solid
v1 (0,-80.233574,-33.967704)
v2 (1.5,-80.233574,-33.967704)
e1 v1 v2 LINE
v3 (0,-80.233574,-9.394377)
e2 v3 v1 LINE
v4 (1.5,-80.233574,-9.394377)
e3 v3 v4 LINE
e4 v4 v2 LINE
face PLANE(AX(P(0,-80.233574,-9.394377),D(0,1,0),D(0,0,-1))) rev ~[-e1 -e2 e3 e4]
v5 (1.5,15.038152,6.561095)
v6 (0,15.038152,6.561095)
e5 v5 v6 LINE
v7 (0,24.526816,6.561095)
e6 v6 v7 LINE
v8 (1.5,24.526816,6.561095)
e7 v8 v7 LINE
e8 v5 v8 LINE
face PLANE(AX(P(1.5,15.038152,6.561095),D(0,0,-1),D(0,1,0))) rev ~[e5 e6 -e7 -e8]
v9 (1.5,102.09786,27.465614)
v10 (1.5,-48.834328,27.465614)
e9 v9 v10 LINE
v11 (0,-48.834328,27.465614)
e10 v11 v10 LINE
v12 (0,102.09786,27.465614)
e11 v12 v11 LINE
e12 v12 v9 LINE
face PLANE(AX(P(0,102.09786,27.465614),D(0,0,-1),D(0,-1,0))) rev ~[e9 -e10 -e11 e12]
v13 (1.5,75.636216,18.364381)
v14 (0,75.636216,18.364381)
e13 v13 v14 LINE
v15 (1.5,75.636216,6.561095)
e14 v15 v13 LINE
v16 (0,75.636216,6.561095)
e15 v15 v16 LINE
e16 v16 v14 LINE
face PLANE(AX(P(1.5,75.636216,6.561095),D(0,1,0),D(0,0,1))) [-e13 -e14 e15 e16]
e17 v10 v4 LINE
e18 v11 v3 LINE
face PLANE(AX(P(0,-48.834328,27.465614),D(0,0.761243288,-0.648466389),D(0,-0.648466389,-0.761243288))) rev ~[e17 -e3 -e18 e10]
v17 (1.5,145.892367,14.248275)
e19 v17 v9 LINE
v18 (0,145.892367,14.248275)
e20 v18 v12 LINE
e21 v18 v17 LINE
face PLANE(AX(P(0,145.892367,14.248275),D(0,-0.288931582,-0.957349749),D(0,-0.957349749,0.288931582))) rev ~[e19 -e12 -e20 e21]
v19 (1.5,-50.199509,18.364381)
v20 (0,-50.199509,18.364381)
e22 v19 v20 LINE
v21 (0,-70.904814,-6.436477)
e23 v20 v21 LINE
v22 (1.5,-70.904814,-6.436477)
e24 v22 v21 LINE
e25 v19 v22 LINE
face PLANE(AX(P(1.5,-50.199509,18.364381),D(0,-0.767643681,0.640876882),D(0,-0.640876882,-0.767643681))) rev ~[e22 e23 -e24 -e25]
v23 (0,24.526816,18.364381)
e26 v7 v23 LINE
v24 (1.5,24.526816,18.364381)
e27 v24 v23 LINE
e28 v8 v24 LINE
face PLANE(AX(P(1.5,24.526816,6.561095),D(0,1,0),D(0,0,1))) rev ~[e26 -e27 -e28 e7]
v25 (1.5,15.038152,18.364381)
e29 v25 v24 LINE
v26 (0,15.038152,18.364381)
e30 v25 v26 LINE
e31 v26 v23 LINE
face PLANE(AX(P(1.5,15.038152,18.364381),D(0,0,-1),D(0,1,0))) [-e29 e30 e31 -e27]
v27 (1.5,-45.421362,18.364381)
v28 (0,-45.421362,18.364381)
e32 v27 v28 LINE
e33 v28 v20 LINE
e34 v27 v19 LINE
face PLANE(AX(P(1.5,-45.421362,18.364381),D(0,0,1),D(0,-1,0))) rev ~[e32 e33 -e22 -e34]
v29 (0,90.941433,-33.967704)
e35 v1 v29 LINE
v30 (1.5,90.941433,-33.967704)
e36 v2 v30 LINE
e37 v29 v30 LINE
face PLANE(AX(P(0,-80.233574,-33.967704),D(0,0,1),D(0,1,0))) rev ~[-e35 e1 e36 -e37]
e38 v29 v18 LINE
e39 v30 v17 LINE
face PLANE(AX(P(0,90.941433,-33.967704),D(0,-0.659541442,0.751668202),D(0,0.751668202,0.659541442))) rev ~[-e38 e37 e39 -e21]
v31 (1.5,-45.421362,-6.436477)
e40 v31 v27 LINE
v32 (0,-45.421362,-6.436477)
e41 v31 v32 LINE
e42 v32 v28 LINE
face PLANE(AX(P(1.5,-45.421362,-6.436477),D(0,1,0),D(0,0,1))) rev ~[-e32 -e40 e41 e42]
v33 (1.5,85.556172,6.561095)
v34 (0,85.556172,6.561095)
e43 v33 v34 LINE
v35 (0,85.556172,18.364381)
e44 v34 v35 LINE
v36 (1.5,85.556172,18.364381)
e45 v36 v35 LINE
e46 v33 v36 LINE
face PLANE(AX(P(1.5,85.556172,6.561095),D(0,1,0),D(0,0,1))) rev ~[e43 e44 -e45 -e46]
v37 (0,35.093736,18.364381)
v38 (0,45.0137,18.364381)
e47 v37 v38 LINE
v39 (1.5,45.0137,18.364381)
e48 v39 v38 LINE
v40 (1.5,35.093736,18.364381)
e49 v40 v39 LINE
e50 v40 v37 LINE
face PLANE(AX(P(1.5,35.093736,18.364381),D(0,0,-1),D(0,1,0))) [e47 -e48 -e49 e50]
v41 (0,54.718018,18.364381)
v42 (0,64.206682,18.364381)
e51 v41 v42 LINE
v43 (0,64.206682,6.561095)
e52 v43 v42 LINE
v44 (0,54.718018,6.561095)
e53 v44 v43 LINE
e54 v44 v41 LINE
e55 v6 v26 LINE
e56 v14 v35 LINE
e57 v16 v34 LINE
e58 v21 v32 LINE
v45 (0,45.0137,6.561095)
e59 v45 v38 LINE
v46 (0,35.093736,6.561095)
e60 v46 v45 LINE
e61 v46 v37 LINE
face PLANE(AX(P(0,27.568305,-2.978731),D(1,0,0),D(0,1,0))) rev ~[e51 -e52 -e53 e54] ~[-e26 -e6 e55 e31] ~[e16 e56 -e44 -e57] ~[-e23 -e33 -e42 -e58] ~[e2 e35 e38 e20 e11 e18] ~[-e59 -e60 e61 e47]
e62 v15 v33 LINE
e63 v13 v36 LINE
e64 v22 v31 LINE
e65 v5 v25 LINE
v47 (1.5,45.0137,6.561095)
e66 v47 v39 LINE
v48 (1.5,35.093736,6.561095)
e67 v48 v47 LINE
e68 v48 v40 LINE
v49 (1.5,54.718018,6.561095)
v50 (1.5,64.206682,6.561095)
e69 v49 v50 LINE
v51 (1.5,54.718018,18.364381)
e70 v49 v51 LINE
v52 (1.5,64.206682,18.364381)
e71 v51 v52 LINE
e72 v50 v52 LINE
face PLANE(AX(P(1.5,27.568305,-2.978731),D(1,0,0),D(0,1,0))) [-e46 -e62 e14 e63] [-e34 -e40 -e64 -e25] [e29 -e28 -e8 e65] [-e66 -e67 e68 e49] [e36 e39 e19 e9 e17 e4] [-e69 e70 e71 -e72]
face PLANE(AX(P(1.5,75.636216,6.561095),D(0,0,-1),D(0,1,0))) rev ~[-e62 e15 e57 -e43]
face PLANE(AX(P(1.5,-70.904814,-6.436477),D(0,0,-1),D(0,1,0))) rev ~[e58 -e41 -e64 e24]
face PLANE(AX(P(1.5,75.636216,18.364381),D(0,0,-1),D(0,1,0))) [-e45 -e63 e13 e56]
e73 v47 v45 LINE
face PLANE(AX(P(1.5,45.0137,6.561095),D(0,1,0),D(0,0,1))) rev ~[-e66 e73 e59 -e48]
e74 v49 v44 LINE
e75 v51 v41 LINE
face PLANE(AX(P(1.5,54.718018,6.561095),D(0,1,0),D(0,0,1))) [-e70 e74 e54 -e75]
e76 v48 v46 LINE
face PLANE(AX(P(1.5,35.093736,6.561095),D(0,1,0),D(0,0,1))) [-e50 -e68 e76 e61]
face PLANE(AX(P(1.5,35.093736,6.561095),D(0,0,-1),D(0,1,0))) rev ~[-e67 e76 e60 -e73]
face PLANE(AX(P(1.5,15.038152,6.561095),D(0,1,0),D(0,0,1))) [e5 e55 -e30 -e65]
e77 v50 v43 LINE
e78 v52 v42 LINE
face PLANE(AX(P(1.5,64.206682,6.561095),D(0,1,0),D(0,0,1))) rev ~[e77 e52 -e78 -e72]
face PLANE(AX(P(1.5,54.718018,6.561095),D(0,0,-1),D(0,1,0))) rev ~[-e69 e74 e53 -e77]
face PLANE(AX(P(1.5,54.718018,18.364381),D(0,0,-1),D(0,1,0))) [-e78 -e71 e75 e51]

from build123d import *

# Parameters (mm, degrees)
F1_DEPTH = 1.5
F2_W     = 9.488664
F2_H     = 11.803286
F2_W_2   = 9.919964
F2_W_3   = 9.919956
F3_DEPTH = 1.5


with BuildPart() as f1:
    # F0 (on Right) → F1 (new body)
    with BuildSketch(Plane.YZ):
        Polygon((-80.233574, -9.394377), (-80.233574, -33.967704), (90.941433, -33.967704), (145.892367, 14.248275), (102.09786, 27.465614), (-48.834328, 27.465614), align=None)
    extrude(amount=F1_DEPTH)

    # F2 (on face) → F3 (cut)
    with BuildSketch(Plane.YZ.offset(1.5)):
        Polygon((-50.199509, 18.364381), (-70.904814, -6.436477), (-45.421362, -6.436477), (-45.421362, 18.364381), align=None)
        with Locations((19.782484, 12.462738)):
            Rectangle(F2_W, F2_H)
        with Locations((40.053718, 12.462738)):
            Rectangle(F2_W_2, F2_H)
        with Locations((59.46235, 12.462738)):
            Rectangle(F2_W, F2_H)
        with Locations((80.596194, 12.462738)):
            Rectangle(F2_W_3, F2_H)
    extrude(amount=-F3_DEPTH, mode=Mode.SUBTRACT)


solid = f1.part
